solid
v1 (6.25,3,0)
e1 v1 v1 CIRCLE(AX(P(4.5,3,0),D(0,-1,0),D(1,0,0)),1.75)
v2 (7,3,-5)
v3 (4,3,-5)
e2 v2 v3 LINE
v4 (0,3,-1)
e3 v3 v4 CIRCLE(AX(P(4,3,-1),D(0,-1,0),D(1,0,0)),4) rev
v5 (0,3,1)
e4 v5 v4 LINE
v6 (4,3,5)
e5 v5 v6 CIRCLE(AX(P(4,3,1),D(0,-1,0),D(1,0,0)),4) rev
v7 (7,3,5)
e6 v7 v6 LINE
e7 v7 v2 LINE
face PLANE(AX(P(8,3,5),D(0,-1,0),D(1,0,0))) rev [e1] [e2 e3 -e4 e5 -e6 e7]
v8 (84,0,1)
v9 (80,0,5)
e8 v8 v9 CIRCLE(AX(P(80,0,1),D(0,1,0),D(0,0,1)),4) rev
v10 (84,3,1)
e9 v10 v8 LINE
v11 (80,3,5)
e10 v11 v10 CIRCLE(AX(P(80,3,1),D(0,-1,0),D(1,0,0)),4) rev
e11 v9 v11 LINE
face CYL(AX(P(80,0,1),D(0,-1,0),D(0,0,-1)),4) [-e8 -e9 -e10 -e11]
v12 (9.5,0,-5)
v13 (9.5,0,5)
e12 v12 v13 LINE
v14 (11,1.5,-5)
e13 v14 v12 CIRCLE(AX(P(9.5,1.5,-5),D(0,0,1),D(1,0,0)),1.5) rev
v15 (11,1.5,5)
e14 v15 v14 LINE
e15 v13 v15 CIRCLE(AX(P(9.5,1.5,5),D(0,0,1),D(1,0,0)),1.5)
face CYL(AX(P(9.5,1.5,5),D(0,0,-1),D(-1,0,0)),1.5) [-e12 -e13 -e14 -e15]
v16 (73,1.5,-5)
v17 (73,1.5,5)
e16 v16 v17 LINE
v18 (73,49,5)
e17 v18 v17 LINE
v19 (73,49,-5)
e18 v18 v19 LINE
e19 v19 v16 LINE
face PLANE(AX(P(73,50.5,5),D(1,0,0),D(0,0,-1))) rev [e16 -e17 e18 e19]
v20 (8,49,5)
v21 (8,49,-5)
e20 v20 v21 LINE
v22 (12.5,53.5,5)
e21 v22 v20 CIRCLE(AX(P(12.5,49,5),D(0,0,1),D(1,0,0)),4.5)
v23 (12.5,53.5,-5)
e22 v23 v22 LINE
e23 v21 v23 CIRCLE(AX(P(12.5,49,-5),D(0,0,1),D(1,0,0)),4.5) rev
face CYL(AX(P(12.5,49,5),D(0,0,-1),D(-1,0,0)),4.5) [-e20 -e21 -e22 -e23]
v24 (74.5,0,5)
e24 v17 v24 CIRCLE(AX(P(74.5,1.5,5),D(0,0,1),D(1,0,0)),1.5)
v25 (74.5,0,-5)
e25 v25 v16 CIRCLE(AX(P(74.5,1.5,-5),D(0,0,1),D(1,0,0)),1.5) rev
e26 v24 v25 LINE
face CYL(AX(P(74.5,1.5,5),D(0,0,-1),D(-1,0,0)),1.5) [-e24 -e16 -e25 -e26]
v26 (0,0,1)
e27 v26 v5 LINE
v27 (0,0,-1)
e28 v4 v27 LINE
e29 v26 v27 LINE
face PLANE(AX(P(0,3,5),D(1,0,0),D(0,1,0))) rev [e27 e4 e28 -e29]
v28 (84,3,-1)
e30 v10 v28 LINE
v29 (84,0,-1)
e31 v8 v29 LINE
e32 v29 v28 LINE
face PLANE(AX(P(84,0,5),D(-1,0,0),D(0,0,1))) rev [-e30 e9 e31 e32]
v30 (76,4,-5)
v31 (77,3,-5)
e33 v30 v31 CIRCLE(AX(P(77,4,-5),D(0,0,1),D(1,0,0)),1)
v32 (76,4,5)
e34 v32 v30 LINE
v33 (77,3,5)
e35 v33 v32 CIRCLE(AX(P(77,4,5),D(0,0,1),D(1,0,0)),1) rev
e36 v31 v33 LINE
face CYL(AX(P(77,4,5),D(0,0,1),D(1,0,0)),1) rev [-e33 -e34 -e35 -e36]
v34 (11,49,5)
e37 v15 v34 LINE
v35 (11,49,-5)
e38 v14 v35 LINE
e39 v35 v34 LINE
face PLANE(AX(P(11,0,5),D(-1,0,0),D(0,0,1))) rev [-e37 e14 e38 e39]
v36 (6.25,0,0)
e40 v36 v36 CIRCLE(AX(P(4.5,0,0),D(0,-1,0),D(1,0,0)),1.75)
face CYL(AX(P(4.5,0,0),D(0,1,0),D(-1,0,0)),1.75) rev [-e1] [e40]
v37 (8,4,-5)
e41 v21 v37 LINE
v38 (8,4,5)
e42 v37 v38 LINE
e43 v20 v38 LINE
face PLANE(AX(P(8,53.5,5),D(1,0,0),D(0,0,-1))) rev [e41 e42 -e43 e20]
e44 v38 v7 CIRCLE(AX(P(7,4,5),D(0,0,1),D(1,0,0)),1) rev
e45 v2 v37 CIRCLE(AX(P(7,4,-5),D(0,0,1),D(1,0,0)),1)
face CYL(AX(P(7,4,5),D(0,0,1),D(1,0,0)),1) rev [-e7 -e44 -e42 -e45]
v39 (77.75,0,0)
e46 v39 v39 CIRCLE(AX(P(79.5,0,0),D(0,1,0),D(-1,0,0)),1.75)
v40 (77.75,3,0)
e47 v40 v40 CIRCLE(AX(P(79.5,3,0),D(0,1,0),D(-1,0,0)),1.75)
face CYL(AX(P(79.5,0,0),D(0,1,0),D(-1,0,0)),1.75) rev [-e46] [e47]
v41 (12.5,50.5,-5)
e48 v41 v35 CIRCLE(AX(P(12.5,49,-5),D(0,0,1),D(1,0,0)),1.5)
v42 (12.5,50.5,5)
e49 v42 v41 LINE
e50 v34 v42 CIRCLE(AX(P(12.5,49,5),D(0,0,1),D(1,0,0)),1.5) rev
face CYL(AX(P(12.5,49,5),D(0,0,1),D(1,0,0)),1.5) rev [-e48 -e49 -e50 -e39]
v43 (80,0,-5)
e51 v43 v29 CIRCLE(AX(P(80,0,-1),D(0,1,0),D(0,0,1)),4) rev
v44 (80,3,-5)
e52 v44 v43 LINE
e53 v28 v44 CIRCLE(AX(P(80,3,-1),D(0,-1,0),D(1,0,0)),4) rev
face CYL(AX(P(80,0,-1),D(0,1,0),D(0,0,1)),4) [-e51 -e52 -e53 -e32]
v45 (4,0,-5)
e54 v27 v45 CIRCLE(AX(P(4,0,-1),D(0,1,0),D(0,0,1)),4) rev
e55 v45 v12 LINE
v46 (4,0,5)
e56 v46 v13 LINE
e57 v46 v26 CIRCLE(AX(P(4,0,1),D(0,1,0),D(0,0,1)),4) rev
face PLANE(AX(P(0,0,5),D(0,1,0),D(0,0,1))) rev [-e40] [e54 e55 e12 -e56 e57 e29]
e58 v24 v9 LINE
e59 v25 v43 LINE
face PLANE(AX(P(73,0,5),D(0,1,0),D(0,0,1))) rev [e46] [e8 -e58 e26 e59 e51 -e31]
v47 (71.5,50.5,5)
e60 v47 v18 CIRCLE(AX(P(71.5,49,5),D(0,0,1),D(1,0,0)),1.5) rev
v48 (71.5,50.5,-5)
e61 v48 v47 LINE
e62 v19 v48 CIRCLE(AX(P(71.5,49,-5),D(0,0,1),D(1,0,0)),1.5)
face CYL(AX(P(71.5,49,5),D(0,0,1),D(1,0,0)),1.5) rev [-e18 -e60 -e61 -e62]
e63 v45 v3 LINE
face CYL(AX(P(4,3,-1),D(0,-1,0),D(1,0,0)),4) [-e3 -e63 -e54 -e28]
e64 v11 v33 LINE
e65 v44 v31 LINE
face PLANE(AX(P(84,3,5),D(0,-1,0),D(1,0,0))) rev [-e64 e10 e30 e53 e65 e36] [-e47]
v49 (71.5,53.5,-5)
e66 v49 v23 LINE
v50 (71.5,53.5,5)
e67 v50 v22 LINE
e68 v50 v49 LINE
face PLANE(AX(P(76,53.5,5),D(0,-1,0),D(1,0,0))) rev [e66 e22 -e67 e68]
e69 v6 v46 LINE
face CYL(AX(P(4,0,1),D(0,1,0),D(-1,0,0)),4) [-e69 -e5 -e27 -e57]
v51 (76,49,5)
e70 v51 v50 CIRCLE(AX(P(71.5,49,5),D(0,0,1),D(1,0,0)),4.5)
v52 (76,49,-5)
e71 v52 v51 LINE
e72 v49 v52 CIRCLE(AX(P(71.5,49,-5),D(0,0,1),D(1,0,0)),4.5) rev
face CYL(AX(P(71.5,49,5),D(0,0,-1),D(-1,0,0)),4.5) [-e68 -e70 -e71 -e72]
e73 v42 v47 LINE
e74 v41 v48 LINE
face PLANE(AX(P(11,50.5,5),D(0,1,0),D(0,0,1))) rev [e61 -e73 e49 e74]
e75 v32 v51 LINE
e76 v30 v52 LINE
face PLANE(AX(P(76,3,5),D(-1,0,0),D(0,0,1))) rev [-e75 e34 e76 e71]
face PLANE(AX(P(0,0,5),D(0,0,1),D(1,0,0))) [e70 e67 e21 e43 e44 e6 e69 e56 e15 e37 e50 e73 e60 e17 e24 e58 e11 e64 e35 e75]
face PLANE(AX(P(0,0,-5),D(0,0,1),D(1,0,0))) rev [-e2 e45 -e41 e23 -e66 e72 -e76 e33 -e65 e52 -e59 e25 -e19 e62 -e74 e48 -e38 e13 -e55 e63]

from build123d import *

# Parameters (mm, degrees)
SALIENTE_EXTRUIR1_DEPTH = 5
REDONDEO1_R             = 4
CROQUIS2_R              = 1.75
CORTAR_EXTRUIR1_DEPTH   = 99.138932132
REDONDEO2_R             = 1.5
REDONDEO3_R             = 4.5
REDONDEO4_R             = 1.5
REDONDEO5_R             = 1


with BuildPart() as part:
    # Croquis1 → Saliente-Extruir1 (new, symmetric)
    with BuildSketch(Plane.XY):
        Polygon((0, 0), (11, 0), (11, 50.5), (73, 50.5), (73, 0), (84, 0), (84, 3), (76, 3), (76, 53.5), (8, 53.5), (8, 3), (0, 3), align=None)
    extrude(amount=SALIENTE_EXTRUIR1_DEPTH, both=True)

    # Redondeo1
    redondeo1_edges = [part.edges().sort_by_distance(p)[0] for p in [
        (84, 1.5, -5),
        (0, 1.5, -5),
        (84, 1.5, 5),
        (0, 1.5, 5),
    ]]
    fillet(redondeo1_edges, radius=REDONDEO1_R)

    # Croquis2 → Cortar-Extruir1 (cut, through all)
    with BuildSketch(Plane(origin=(0, 3, 0), x_dir=(1, 0, 0), z_dir=(0, 1, 0))):
        with Locations(Location((79.5, 0, 0), (0, 0, 180))):
            Circle(CROQUIS2_R)
    cortar_extruir1 = extrude(amount=-CORTAR_EXTRUIR1_DEPTH, mode=Mode.SUBTRACT)

    # Simetría1: Cortar-Extruir1 across plane
    add(cortar_extruir1.mirror(Plane(origin=(42, 0, 0), x_dir=(0, 0, 1), z_dir=(1, 0, 0))), mode=Mode.SUBTRACT)

    # Redondeo2
    redondeo2_edges = [part.edges().sort_by_distance(p)[0] for p in [
        (73, 50.5, 0),
        (11, 50.5, 0),
    ]]
    fillet(redondeo2_edges, radius=REDONDEO2_R)

    # Redondeo3
    redondeo3_edges = [part.edges().sort_by_distance(p)[0] for p in [
        (8, 53.5, 0),
        (76, 53.5, 0),
    ]]
    fillet(redondeo3_edges, radius=REDONDEO3_R)

    # Redondeo4
    redondeo4_edges = [part.edges().sort_by_distance(p)[0] for p in [
        (73, 0, 0),
        (11, 0, 0),
    ]]
    fillet(redondeo4_edges, radius=REDONDEO4_R)

    # Redondeo5
    redondeo5_edges = [part.edges().sort_by_distance(p)[0] for p in [
        (8, 3, 0),
        (76, 3, 0),
    ]]
    fillet(redondeo5_edges, radius=REDONDEO5_R)


solid = part.part
